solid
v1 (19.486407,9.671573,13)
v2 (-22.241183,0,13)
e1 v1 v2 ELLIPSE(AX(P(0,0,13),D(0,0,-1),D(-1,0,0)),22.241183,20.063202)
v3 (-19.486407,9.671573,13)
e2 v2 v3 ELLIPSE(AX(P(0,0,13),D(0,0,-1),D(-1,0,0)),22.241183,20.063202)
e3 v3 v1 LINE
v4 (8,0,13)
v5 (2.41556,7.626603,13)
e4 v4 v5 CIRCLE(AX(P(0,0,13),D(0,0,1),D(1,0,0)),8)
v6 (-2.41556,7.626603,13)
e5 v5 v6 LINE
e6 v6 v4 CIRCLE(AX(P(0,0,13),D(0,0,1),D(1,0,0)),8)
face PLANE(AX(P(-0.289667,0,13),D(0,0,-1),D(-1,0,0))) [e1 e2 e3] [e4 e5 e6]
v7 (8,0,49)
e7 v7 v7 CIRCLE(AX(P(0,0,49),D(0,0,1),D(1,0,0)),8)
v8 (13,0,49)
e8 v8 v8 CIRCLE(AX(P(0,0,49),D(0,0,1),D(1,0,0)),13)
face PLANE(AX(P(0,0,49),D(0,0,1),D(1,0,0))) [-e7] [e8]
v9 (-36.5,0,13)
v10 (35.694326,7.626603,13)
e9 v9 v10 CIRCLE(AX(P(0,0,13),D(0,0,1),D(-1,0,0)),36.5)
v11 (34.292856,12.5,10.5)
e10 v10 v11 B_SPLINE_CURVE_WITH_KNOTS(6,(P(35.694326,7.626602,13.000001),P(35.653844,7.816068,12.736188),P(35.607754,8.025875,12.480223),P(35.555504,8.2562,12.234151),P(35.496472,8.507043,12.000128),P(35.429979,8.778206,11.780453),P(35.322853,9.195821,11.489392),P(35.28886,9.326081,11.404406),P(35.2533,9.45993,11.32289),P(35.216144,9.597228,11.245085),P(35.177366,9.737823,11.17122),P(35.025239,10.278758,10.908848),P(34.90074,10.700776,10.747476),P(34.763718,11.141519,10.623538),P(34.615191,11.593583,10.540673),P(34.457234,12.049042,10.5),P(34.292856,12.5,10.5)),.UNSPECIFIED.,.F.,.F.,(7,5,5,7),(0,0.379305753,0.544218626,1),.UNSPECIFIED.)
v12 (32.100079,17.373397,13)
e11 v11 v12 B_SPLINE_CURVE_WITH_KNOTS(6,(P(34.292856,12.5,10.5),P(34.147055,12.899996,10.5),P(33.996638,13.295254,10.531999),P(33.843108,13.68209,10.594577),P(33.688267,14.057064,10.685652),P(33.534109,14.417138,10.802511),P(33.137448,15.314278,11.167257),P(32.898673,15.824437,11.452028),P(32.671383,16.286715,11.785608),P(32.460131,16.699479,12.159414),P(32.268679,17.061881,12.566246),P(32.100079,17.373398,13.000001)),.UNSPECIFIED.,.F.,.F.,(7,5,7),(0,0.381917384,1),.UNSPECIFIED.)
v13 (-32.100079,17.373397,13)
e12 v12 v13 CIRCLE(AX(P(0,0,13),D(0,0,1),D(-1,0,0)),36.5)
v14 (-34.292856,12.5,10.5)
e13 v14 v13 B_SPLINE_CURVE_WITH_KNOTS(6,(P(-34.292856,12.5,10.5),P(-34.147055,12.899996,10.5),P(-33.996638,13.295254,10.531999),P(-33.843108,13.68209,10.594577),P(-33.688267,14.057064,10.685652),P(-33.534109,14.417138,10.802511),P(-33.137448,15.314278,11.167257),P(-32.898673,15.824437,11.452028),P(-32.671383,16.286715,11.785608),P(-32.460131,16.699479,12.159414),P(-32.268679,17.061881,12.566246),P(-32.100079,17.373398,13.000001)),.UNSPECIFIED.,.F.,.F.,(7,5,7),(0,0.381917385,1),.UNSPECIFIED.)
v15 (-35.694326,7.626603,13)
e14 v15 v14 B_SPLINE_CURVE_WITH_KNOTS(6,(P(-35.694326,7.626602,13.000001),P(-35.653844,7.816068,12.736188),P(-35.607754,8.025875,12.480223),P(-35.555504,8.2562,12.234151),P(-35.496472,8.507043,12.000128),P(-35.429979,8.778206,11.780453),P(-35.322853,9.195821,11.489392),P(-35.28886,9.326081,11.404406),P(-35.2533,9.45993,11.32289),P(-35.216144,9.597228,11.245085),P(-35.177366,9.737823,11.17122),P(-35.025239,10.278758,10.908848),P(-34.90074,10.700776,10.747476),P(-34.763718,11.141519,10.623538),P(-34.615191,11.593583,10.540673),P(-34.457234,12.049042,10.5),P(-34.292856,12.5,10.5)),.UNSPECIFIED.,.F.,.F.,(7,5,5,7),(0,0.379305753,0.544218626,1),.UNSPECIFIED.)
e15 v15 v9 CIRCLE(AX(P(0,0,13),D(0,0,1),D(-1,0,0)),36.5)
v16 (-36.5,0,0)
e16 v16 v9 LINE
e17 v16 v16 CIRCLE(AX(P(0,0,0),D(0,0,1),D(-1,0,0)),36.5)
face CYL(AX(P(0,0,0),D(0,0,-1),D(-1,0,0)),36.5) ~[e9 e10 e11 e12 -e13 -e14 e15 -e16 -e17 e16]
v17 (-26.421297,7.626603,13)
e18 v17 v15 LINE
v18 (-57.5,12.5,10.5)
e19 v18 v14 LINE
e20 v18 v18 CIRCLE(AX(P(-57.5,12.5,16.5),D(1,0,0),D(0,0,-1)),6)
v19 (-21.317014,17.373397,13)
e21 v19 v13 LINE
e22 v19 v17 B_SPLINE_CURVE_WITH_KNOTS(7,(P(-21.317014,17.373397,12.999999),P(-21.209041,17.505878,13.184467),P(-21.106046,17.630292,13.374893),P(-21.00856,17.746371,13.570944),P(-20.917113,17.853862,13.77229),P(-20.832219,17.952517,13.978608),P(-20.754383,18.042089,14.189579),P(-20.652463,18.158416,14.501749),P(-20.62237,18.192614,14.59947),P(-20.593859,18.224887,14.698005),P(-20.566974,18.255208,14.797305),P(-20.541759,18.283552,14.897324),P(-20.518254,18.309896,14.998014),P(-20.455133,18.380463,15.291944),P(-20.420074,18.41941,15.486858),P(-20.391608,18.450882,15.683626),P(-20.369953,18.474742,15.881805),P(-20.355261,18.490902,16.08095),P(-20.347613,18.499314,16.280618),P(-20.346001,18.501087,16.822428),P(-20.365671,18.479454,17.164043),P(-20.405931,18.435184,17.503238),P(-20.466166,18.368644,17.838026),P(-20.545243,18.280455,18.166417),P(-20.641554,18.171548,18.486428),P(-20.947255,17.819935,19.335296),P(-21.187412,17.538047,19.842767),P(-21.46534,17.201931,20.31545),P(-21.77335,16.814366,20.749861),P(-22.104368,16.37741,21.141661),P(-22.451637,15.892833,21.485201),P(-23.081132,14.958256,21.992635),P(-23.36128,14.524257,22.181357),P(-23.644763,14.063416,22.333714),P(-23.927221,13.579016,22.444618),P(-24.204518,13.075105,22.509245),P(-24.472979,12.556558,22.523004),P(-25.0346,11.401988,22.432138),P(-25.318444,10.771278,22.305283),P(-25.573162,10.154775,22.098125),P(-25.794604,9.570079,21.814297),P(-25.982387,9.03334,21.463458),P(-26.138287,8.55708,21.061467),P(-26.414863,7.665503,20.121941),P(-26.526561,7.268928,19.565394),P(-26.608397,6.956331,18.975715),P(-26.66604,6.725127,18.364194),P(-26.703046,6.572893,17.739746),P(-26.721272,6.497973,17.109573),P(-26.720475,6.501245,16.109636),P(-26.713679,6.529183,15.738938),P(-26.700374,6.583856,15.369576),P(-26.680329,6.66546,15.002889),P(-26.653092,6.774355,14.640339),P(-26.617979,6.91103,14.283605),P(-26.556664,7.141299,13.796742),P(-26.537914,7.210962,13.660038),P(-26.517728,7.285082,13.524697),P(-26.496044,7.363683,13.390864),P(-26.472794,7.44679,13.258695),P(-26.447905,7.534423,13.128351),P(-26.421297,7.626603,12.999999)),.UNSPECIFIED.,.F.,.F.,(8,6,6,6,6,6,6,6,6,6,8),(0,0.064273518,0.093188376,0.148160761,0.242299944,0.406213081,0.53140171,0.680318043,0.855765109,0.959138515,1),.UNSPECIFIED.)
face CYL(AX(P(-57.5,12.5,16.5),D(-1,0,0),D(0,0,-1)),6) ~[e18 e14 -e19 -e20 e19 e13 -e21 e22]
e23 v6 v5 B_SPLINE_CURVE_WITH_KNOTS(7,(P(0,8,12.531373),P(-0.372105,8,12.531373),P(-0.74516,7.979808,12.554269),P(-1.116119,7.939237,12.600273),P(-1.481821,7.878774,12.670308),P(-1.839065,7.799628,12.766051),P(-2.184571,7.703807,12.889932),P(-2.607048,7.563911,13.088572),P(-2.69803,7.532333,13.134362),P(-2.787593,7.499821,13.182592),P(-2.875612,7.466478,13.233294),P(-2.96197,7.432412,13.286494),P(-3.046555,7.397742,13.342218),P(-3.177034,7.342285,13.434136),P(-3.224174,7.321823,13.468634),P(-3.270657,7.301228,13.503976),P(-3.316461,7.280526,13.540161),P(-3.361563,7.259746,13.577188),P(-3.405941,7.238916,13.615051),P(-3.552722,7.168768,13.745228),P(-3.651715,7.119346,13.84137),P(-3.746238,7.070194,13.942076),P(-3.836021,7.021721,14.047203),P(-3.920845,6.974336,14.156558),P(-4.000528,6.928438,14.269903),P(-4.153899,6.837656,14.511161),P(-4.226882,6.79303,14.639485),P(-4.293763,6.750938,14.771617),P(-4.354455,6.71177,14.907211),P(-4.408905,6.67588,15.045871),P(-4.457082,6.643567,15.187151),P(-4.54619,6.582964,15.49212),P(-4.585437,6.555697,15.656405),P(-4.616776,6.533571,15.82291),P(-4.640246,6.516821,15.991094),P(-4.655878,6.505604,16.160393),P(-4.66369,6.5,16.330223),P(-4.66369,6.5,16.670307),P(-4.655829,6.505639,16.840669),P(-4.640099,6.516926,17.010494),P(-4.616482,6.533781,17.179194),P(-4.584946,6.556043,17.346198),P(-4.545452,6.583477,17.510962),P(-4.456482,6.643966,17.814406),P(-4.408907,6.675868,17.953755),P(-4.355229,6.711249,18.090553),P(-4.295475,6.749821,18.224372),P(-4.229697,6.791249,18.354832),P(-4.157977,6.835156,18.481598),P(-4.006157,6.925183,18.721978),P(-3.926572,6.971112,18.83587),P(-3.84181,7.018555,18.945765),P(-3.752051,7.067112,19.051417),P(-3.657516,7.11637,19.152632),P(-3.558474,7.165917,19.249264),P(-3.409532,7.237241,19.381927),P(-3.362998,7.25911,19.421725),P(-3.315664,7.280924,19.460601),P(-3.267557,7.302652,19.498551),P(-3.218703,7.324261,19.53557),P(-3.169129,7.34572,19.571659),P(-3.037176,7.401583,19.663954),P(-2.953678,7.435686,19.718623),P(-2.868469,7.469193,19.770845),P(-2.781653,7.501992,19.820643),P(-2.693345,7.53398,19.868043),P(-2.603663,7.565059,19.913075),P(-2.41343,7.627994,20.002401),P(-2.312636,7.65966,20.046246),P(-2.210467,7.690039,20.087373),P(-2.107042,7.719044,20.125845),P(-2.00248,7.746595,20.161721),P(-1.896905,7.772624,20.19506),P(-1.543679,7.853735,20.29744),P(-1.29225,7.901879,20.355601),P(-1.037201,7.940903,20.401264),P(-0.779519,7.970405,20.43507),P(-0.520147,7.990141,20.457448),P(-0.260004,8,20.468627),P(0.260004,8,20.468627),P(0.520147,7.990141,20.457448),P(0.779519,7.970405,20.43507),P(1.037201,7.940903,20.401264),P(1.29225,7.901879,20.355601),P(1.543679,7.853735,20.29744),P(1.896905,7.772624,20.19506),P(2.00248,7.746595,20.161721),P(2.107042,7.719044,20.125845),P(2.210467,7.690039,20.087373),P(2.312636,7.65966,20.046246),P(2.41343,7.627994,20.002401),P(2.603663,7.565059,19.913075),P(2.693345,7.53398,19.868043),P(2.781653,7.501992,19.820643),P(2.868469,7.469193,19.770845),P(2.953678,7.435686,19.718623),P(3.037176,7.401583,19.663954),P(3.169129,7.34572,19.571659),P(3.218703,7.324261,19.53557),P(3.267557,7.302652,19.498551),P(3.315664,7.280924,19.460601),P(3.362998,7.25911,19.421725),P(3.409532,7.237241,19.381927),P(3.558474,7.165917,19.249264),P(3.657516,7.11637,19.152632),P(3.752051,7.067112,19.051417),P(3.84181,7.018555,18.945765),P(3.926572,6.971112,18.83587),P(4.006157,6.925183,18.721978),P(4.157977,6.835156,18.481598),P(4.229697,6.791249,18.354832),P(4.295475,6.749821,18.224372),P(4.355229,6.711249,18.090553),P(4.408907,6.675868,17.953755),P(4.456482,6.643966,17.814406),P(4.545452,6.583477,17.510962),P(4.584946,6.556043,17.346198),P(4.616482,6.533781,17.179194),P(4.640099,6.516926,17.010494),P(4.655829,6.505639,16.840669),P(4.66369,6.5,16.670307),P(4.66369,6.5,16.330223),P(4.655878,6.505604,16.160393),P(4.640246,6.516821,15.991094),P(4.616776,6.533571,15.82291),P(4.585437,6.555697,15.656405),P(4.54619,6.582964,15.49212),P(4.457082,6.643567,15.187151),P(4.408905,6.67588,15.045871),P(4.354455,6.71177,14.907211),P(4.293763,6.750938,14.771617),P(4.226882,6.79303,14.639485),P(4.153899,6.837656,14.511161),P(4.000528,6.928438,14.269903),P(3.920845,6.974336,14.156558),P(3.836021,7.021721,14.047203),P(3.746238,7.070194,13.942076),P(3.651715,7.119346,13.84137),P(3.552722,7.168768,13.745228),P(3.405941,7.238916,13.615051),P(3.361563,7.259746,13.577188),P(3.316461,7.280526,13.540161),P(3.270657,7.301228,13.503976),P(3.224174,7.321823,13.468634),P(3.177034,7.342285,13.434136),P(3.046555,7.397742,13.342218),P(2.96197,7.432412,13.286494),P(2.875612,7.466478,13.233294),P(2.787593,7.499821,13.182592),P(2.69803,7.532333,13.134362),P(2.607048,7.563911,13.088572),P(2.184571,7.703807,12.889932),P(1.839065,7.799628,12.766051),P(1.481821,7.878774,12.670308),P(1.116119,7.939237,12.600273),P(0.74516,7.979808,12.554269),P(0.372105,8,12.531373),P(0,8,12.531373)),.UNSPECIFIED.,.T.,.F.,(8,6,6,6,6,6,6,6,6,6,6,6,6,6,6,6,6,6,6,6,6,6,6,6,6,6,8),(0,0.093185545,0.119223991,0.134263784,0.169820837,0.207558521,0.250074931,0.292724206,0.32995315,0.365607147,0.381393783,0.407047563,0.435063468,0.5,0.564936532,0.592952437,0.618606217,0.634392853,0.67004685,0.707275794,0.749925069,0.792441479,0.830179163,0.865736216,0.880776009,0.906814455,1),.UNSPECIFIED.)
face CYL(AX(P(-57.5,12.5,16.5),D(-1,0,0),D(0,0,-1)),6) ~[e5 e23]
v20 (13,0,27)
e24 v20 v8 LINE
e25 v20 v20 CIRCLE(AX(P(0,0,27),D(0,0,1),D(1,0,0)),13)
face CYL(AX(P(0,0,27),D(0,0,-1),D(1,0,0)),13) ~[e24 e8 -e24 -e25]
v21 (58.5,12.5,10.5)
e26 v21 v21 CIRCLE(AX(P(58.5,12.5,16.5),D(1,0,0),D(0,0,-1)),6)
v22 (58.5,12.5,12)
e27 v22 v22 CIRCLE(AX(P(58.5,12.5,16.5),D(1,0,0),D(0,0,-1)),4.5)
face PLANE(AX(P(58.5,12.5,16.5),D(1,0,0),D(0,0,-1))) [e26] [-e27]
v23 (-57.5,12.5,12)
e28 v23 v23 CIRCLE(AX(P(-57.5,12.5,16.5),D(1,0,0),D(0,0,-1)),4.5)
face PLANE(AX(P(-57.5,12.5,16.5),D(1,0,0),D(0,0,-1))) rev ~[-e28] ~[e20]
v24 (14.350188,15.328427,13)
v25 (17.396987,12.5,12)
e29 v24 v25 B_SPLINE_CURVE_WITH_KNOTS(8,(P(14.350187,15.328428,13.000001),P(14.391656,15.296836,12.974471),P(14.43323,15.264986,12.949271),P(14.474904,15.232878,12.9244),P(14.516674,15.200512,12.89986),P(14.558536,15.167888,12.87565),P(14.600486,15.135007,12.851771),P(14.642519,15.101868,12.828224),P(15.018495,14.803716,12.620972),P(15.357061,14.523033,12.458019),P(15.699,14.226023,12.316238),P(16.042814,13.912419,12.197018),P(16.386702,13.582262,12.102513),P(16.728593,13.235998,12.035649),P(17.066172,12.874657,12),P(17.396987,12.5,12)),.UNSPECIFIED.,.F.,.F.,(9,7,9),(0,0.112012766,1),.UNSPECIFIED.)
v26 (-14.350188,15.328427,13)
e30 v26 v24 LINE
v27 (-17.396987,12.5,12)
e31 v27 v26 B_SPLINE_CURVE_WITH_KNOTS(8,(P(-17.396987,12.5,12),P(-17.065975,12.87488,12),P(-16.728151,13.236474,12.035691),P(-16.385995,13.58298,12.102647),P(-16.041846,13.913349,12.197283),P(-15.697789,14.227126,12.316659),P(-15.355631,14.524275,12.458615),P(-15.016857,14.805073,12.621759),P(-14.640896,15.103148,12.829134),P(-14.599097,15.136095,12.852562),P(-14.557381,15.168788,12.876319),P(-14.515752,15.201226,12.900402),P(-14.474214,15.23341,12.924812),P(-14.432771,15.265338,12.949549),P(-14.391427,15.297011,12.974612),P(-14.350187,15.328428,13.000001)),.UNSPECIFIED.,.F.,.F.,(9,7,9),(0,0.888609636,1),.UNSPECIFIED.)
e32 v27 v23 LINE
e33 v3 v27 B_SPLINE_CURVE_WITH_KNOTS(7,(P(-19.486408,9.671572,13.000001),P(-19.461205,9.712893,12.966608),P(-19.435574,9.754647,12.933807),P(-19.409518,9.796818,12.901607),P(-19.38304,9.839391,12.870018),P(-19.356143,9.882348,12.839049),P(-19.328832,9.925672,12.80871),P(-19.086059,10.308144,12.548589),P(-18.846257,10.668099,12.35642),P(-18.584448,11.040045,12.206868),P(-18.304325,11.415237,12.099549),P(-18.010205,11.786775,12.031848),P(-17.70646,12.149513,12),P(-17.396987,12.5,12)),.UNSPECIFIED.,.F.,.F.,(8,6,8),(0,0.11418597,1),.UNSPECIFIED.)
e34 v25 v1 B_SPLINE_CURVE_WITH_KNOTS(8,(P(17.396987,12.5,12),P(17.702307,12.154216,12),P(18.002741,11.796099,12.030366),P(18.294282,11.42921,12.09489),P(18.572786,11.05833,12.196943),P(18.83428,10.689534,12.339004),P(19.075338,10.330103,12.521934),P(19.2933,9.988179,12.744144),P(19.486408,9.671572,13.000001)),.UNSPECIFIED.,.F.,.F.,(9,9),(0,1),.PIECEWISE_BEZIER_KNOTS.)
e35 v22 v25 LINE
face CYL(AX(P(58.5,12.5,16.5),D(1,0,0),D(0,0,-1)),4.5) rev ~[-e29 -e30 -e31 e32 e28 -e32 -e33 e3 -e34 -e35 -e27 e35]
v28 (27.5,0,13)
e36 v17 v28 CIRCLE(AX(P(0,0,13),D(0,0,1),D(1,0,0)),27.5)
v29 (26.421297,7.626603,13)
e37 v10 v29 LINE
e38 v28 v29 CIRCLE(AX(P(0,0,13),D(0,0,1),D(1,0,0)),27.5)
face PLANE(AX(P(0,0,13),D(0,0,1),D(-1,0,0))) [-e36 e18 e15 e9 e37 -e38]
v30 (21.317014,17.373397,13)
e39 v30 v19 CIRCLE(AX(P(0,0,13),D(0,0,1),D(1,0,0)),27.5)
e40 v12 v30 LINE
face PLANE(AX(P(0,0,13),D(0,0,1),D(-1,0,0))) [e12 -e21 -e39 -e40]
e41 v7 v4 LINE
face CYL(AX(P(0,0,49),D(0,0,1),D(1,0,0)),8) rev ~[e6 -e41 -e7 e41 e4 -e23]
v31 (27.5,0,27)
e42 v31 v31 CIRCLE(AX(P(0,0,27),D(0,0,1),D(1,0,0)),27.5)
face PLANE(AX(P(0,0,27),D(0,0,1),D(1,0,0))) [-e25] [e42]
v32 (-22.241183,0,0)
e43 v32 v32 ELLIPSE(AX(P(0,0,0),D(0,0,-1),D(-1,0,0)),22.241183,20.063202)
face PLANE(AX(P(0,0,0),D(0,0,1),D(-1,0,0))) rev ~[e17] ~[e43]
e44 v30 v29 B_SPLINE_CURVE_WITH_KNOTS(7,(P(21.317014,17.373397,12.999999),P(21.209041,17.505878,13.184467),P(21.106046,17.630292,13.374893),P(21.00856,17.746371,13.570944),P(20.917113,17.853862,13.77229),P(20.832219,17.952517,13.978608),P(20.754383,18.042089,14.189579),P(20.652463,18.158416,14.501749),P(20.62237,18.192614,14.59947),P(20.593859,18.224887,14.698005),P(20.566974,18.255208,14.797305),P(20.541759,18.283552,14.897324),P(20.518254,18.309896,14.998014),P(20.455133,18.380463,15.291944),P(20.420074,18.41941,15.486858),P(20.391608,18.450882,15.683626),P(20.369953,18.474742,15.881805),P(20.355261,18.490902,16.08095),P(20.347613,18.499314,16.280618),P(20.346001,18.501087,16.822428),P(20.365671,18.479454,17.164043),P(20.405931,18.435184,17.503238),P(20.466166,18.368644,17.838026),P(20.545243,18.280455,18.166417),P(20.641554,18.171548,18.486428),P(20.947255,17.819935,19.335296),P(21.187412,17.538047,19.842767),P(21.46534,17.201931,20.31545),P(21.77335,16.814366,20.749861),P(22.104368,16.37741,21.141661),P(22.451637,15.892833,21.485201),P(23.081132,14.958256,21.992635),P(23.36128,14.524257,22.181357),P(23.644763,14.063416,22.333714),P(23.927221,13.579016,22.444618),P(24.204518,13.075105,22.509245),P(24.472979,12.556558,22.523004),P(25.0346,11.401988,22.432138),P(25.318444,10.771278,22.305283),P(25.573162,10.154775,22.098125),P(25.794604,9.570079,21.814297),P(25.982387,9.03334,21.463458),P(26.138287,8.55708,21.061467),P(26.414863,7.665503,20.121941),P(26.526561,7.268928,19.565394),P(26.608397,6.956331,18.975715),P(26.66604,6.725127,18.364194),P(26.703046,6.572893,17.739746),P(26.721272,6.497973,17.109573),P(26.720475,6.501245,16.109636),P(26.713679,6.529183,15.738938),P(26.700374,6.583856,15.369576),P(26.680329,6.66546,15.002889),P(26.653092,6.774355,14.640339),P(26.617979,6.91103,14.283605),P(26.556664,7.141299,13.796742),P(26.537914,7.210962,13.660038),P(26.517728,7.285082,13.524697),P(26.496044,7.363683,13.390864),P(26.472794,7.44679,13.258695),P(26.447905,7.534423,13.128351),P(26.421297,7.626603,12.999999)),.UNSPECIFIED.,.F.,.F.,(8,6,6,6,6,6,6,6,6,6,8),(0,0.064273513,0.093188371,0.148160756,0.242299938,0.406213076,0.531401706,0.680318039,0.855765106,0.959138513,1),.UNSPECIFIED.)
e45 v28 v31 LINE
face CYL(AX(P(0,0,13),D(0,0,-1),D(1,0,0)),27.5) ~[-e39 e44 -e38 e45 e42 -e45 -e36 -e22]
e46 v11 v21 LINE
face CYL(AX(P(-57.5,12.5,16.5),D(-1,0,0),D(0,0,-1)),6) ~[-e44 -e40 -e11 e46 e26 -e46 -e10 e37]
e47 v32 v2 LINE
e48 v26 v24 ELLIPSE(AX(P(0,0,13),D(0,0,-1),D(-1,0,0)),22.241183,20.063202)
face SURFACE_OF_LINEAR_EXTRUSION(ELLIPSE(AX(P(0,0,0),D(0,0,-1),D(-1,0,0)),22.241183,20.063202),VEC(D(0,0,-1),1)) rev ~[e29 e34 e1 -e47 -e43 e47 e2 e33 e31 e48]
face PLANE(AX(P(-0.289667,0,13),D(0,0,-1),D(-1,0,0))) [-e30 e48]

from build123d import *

# Parameters (mm, degrees)
SKETCH1_R                = 36.5
BOSS_EXTRUDE1_DEPTH      = 13
SKETCH2_R                = 27.5
BOSS_EXTRUDE2_DEPTH      = 14
SKETCH3_R                = 13
BOSS_EXTRUDE3_DEPTH      = 22
SKETCH4_R                = 8
CUT_EXTRUDE1_DEPTH       = 72.172326083
BOSS_EXTRUDE4_DEPTH      = 22
BOSS_EXTRUDE4_DEPTH_BACK = 94
SKETCH6_R                = 6
SKETCH8_RX               = 22.241182767
SKETCH8_RY               = 20.063201952
CUT_EXTRUDE2_DEPTH       = 13
SKETCH10_R               = 4.5
CUT_EXTRUDE3_DEPTH       = 132.107780243


with BuildPart() as part:
    # Sketch1 → Boss-Extrude1 (new body)
    with BuildSketch(Plane.XY):
        with Locations(Location((0, 0, 0), (0, 0, 180))):
            Circle(SKETCH1_R)
    extrude(amount=BOSS_EXTRUDE1_DEPTH)

    # Sketch2 → Boss-Extrude2 (add)
    with BuildSketch(Plane.XY.offset(13)):
        Circle(SKETCH2_R)
    extrude(amount=BOSS_EXTRUDE2_DEPTH)

    # Sketch3 → Boss-Extrude3 (add)
    with BuildSketch(Plane.XY.offset(27)):
        Circle(SKETCH3_R)
    extrude(amount=BOSS_EXTRUDE3_DEPTH)

    # Sketch4 → Cut-Extrude1 (cut, through all)
    with BuildSketch(Plane.XY.offset(49)):
        Circle(SKETCH4_R)
    extrude(amount=-CUT_EXTRUDE1_DEPTH, mode=Mode.SUBTRACT)

    # Sketch6 → Boss-Extrude4 (add, two sides: drawn at the far end of the back side and taken through both)
    with BuildSketch(Plane(origin=(36.5, 0, 0), x_dir=(0, 0, -1), z_dir=(1, 0, 0)).offset(-BOSS_EXTRUDE4_DEPTH_BACK)):
        with Locations((-16.5, 12.5)):
            Circle(SKETCH6_R)
    extrude(amount=BOSS_EXTRUDE4_DEPTH + BOSS_EXTRUDE4_DEPTH_BACK)

    # Sketch8 → Cut-Extrude2 (cut)
    with BuildSketch(Plane(origin=(0, 0, 0), x_dir=(-1, 0, 0), z_dir=(0, 0, -1))):
        with Locations((0, 0)):
            Ellipse(SKETCH8_RX, SKETCH8_RY)
    extrude(amount=-CUT_EXTRUDE2_DEPTH, mode=Mode.SUBTRACT)

    # Sketch10 → Cut-Extrude3 (cut, through all)
    with BuildSketch(Plane(origin=(58.5, 0, 0), x_dir=(0, 0, -1), z_dir=(1, 0, 0))):
        with Locations((-16.5, 12.5)):
            Circle(SKETCH10_R)
    extrude(amount=-CUT_EXTRUDE3_DEPTH, mode=Mode.SUBTRACT)


solid = part.part
